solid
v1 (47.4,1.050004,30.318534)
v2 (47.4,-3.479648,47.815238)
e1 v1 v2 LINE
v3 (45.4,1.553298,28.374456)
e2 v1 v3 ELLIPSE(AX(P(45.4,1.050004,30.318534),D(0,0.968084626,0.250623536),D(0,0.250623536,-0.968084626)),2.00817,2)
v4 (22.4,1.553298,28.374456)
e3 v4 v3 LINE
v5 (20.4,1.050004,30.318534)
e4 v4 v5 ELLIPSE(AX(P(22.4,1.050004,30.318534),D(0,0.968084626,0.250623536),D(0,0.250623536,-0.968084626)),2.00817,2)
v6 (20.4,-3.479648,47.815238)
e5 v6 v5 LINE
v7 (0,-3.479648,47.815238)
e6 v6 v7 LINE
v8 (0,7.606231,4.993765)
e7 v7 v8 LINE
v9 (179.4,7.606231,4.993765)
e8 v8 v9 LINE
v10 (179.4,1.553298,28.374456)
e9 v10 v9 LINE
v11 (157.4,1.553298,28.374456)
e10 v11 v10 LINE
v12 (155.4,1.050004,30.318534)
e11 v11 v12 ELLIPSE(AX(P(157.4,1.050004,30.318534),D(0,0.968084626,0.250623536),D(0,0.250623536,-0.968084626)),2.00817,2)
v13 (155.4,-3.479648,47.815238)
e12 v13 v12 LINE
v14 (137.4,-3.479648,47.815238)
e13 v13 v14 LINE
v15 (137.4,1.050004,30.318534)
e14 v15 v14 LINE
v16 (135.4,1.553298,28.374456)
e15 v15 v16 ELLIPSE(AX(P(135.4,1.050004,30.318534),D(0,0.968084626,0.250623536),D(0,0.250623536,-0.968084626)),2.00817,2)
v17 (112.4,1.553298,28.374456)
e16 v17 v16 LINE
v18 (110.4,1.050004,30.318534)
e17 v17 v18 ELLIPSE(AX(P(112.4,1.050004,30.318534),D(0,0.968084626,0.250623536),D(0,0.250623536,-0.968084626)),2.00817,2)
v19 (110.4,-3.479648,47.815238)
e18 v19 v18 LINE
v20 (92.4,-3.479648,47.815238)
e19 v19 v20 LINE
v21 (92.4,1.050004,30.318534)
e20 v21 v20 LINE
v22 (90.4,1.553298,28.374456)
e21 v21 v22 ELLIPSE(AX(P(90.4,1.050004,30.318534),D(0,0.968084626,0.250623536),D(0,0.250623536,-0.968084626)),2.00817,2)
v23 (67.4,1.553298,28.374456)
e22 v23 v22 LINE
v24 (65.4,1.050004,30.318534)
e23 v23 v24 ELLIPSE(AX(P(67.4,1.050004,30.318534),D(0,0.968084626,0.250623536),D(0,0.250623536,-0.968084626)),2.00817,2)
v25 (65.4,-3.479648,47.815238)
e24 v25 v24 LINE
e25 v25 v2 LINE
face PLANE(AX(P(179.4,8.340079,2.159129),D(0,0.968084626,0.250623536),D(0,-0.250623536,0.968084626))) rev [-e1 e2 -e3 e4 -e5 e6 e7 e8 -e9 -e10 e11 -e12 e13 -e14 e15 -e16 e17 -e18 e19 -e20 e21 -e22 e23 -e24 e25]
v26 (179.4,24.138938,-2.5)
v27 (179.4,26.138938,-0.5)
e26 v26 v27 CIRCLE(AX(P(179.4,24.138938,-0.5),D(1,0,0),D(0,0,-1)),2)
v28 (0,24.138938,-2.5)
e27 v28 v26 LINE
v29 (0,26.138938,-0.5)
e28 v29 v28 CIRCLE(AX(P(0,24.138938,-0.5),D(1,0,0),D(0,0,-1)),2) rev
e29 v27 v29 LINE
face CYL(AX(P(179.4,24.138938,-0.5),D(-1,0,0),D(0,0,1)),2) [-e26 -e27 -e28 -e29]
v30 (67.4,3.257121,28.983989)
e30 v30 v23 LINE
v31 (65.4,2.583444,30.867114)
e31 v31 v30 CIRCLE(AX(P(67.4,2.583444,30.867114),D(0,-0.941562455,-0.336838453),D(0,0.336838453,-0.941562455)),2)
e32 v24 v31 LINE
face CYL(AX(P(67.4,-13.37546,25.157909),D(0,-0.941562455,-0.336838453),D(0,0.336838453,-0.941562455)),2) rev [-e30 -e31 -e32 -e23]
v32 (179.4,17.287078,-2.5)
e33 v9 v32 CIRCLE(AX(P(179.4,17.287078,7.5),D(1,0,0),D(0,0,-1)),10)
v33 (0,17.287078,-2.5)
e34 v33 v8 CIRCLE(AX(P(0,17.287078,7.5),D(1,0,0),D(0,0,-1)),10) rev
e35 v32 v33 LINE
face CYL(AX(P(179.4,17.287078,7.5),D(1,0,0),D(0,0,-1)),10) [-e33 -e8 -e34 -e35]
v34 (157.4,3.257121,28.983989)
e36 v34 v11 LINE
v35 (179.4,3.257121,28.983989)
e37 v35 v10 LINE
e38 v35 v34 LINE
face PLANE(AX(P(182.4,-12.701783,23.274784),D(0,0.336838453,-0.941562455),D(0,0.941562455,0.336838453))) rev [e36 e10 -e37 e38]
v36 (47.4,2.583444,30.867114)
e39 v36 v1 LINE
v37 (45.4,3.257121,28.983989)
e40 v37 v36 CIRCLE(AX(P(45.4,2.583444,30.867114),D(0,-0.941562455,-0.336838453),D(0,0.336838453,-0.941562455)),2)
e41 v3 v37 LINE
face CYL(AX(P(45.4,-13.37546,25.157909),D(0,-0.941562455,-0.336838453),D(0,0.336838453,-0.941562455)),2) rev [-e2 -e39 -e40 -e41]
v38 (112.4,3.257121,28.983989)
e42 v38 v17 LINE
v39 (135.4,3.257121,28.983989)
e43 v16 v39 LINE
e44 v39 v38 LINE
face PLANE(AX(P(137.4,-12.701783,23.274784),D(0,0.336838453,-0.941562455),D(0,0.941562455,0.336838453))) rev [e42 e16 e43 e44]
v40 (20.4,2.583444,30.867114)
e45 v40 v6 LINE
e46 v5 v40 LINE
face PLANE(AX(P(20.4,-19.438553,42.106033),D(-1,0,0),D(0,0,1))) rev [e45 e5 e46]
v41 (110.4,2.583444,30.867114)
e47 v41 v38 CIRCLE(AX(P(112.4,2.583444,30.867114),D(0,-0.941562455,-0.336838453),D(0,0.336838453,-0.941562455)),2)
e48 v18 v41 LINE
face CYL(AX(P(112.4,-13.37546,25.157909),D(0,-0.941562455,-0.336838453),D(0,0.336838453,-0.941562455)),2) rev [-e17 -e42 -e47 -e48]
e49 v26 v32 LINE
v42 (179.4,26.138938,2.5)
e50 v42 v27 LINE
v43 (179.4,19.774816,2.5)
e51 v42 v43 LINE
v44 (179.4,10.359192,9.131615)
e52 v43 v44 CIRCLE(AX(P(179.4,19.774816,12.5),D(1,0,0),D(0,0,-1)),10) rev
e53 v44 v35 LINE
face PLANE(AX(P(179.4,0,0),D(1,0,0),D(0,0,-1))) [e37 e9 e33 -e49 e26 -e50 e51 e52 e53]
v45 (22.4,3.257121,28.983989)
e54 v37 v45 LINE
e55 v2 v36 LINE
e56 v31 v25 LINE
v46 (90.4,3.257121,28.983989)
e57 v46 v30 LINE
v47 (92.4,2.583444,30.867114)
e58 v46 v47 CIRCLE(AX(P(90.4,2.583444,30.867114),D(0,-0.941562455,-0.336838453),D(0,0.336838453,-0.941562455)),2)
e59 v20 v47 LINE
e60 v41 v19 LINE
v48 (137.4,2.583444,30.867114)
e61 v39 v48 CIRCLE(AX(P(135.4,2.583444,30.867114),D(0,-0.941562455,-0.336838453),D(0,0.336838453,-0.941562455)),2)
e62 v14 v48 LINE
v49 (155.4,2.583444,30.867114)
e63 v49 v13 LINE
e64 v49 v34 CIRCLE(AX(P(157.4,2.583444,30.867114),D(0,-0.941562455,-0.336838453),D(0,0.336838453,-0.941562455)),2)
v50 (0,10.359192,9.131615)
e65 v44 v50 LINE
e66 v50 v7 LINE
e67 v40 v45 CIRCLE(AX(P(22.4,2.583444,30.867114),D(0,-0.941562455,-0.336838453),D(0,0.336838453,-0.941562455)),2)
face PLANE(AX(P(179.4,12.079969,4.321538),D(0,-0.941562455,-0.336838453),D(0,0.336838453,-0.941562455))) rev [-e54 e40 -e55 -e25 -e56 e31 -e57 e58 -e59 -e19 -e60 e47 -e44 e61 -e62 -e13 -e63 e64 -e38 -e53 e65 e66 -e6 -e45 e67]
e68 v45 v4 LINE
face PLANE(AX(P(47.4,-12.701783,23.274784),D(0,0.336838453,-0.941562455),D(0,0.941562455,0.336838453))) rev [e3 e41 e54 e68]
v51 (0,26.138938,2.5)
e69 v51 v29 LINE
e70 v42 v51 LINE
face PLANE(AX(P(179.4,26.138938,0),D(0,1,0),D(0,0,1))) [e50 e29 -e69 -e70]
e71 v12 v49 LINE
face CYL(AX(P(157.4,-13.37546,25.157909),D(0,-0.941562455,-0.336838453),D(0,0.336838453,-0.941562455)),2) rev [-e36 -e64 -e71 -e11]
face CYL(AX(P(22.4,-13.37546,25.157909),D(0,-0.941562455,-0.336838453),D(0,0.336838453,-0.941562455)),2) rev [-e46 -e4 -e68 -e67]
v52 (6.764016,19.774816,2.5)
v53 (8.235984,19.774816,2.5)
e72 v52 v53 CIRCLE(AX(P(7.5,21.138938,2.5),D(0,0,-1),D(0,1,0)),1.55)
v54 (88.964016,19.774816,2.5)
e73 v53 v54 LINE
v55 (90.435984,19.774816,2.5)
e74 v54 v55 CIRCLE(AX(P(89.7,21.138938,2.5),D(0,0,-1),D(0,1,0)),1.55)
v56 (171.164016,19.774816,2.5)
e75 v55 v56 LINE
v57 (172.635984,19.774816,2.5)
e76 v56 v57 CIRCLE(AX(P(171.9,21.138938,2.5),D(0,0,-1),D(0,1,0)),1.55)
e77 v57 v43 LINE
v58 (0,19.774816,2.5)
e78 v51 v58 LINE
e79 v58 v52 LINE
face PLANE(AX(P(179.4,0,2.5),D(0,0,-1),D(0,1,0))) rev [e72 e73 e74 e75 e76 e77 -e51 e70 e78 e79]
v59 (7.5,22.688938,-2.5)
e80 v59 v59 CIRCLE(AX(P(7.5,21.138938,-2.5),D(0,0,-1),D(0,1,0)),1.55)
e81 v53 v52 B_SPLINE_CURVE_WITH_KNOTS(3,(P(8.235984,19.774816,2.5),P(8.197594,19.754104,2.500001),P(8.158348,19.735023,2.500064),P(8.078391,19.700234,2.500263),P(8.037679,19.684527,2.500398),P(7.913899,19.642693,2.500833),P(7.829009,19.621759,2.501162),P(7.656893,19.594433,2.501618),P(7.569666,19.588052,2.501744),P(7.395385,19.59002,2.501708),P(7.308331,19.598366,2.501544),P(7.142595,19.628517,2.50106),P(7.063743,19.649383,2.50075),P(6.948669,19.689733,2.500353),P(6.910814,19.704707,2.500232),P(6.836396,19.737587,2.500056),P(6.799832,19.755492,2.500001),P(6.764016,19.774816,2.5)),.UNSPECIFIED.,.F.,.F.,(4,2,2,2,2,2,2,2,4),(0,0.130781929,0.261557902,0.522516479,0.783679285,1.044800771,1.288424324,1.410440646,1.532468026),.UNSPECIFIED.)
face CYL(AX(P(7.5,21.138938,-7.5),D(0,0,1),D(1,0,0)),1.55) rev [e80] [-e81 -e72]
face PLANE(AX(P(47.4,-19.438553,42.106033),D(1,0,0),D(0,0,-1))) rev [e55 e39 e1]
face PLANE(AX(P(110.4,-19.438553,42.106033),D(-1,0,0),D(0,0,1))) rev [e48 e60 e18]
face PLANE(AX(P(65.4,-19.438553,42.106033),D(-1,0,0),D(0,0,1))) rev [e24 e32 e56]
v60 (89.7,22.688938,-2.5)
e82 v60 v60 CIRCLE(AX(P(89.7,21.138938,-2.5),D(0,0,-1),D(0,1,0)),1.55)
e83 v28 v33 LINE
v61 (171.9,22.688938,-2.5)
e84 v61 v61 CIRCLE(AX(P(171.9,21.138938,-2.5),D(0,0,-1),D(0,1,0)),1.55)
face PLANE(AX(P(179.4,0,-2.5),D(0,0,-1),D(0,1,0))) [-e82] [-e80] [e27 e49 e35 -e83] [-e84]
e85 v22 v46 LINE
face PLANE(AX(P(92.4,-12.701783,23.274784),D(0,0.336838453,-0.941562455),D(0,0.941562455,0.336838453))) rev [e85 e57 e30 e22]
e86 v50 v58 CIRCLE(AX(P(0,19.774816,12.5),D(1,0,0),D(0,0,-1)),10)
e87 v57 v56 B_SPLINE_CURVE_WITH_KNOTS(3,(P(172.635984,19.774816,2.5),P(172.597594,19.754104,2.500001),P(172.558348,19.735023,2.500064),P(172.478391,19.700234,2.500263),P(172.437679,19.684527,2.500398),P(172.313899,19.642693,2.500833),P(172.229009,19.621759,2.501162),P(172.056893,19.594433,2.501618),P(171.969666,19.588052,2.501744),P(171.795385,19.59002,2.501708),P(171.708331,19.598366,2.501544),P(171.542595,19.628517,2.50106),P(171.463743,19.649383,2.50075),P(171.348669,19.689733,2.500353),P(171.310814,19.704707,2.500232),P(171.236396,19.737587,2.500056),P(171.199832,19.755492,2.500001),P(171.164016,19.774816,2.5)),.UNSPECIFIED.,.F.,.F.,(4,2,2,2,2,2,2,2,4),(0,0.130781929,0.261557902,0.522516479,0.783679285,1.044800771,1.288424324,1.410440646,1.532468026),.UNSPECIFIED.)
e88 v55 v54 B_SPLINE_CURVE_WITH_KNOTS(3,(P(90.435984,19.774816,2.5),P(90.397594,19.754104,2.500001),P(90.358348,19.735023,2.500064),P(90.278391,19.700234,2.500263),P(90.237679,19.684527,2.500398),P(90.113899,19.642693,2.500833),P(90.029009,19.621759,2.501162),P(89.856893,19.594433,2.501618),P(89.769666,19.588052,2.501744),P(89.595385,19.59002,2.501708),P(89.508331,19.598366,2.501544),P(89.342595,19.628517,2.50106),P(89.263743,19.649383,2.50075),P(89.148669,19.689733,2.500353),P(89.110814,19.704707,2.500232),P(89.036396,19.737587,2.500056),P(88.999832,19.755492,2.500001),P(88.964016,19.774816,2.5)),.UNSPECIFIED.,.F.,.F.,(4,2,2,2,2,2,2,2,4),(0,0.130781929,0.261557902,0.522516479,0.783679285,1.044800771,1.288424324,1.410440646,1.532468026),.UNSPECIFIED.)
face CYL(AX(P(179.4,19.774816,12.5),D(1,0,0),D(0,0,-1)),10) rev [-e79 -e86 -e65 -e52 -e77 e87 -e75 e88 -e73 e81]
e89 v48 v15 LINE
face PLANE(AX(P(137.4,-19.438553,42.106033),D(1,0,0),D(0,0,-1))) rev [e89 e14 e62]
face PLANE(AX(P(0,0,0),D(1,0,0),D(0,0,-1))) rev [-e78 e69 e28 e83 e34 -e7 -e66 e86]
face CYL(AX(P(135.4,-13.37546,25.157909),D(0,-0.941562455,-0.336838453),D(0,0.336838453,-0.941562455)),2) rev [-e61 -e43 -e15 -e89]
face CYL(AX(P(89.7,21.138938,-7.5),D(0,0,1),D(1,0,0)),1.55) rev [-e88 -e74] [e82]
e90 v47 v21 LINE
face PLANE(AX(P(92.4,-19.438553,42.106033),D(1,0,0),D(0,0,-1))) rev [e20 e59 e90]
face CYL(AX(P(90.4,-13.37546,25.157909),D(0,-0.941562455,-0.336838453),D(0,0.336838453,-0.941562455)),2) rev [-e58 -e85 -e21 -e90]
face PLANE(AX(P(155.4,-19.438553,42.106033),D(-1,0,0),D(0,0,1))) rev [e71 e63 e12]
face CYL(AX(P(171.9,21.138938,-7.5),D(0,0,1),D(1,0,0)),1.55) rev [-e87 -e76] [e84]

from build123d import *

# Parameters (mm, degrees)
BOSS_EXTRUDE1_DEPTH = 179.4
FILLET1_R           = 10
FILLET3_R           = 2
SKETCH3_R           = 1.55
CUT_EXTRUDE2_DEPTH  = 10
CUT_EXTRUDE4_REACH  = 187.252
SKETCH6_W           = 27
SKETCH6_H           = 20
FILLET4_R           = 2


with BuildPart() as part:
    # Sketch1 → Boss-Extrude1 (new body)
    with BuildSketch(Plane(origin=(0, 0, 0), x_dir=(0, 0, -1), z_dir=(1, 0, 0))):
        Polygon((-2.5, 26.138937515), (-2.5, 12.731613167), (-47.815237798, -3.479647722), (2.5, 9.546261863), (2.5, 26.138937515), align=None)
    extrude(amount=BOSS_EXTRUDE1_DEPTH)

    # Fillet1
    fillet1_edges = [part.edges().sort_by_distance(p)[0] for p in [
        (89.7, 12.731613167, 2.5),
        (89.7, 9.546261863, -2.5),
    ]]
    fillet(fillet1_edges, radius=FILLET1_R)

    # Fillet3
    fillet3_edges = [part.edges().sort_by_distance(p)[0] for p in [
        (89.7, 26.138937515, -2.5),
    ]]
    fillet(fillet3_edges, radius=FILLET3_R)

    # Sketch3 → Cut-Extrude2 (cut, symmetric)
    with BuildSketch(Plane.XY.offset(2.5)):
        with Locations(Location((7.5, 21.138937515, 0), (0, 0, 298.348188053))):
            Circle(SKETCH3_R)
        with Locations(Location((171.9, 21.138937515, 0), (0, 0, 298.348188053))):
            Circle(SKETCH3_R)
        with Locations(Location((89.7, 21.138937515, 0), (0, 0, 298.348188053))):
            Circle(SKETCH3_R)
    extrude(amount=CUT_EXTRUDE2_DEPTH, both=True, mode=Mode.SUBTRACT)

    # Sketch6 → Cut-Extrude4 (cut, up to next)
    with BuildSketch(Plane(origin=(0, 12.079968612, 4.321538013), x_dir=(1, 0, 0), z_dir=(0, 0.9415624549372754, 0.33683845304907145)), mode=Mode.PRIVATE) as cut_extrude4_sk1:
        with Locations((168.9, -36.19311184)):
            Rectangle(SKETCH6_W, SKETCH6_H)
    cut_extrude4_tool1 = extrude(cut_extrude4_sk1.sketch, amount=-CUT_EXTRUDE4_REACH, mode=Mode.PRIVATE) & part.part
    # Sketch6 → Cut-Extrude4 (cut, up to next)
    with BuildSketch(Plane(origin=(0, 12.079968612, 4.321538013), x_dir=(1, 0, 0), z_dir=(0, 0.9415624549372754, 0.33683845304907145)), mode=Mode.PRIVATE) as cut_extrude4_sk2:
        with Locations((123.9, -36.19311184)):
            Rectangle(SKETCH6_W, SKETCH6_H)
    cut_extrude4_tool2 = extrude(cut_extrude4_sk2.sketch, amount=-CUT_EXTRUDE4_REACH, mode=Mode.PRIVATE) & part.part
    # Sketch6 → Cut-Extrude4 (cut, up to next)
    with BuildSketch(Plane(origin=(0, 12.079968612, 4.321538013), x_dir=(1, 0, 0), z_dir=(0, 0.9415624549372754, 0.33683845304907145)), mode=Mode.PRIVATE) as cut_extrude4_sk3:
        with Locations((78.9, -36.19311184)):
            Rectangle(SKETCH6_W, SKETCH6_H)
    cut_extrude4_tool3 = extrude(cut_extrude4_sk3.sketch, amount=-CUT_EXTRUDE4_REACH, mode=Mode.PRIVATE) & part.part
    # Sketch6 → Cut-Extrude4 (cut, up to next)
    with BuildSketch(Plane(origin=(0, 12.079968612, 4.321538013), x_dir=(1, 0, 0), z_dir=(0, 0.9415624549372754, 0.33683845304907145)), mode=Mode.PRIVATE) as cut_extrude4_sk4:
        with Locations((33.9, -36.19311184)):
            Rectangle(SKETCH6_W, SKETCH6_H)
    cut_extrude4_tool4 = extrude(cut_extrude4_sk4.sketch, amount=-CUT_EXTRUDE4_REACH, mode=Mode.PRIVATE) & part.part
    add(cut_extrude4_tool1.solids().sort_by_distance((168.9, -0.111263, 38.399613))[0], mode=Mode.SUBTRACT)
    add(cut_extrude4_tool2.solids().sort_by_distance((123.9, -0.111263, 38.399613))[0], mode=Mode.SUBTRACT)
    add(cut_extrude4_tool3.solids().sort_by_distance((78.9, -0.111263, 38.399613))[0], mode=Mode.SUBTRACT)
    add(cut_extrude4_tool4.solids().sort_by_distance((33.9, -0.111263, 38.399613))[0], mode=Mode.SUBTRACT)

    # Fillet4
    fillet4_edges = [part.edges().sort_by_distance(p)[0] for p in [
        (155.4, 2.405209731, 28.679222311),
        (110.4, 2.405209731, 28.679222311),
        (137.4, 2.405209731, 28.679222311),
        (65.4, 2.405209731, 28.679222311),
        (92.4, 2.405209731, 28.679222311),
        (20.4, 2.405209731, 28.679222311),
        (47.4, 2.405209731, 28.679222311),
    ]]
    fillet(fillet4_edges, radius=FILLET4_R)


solid = part.part
